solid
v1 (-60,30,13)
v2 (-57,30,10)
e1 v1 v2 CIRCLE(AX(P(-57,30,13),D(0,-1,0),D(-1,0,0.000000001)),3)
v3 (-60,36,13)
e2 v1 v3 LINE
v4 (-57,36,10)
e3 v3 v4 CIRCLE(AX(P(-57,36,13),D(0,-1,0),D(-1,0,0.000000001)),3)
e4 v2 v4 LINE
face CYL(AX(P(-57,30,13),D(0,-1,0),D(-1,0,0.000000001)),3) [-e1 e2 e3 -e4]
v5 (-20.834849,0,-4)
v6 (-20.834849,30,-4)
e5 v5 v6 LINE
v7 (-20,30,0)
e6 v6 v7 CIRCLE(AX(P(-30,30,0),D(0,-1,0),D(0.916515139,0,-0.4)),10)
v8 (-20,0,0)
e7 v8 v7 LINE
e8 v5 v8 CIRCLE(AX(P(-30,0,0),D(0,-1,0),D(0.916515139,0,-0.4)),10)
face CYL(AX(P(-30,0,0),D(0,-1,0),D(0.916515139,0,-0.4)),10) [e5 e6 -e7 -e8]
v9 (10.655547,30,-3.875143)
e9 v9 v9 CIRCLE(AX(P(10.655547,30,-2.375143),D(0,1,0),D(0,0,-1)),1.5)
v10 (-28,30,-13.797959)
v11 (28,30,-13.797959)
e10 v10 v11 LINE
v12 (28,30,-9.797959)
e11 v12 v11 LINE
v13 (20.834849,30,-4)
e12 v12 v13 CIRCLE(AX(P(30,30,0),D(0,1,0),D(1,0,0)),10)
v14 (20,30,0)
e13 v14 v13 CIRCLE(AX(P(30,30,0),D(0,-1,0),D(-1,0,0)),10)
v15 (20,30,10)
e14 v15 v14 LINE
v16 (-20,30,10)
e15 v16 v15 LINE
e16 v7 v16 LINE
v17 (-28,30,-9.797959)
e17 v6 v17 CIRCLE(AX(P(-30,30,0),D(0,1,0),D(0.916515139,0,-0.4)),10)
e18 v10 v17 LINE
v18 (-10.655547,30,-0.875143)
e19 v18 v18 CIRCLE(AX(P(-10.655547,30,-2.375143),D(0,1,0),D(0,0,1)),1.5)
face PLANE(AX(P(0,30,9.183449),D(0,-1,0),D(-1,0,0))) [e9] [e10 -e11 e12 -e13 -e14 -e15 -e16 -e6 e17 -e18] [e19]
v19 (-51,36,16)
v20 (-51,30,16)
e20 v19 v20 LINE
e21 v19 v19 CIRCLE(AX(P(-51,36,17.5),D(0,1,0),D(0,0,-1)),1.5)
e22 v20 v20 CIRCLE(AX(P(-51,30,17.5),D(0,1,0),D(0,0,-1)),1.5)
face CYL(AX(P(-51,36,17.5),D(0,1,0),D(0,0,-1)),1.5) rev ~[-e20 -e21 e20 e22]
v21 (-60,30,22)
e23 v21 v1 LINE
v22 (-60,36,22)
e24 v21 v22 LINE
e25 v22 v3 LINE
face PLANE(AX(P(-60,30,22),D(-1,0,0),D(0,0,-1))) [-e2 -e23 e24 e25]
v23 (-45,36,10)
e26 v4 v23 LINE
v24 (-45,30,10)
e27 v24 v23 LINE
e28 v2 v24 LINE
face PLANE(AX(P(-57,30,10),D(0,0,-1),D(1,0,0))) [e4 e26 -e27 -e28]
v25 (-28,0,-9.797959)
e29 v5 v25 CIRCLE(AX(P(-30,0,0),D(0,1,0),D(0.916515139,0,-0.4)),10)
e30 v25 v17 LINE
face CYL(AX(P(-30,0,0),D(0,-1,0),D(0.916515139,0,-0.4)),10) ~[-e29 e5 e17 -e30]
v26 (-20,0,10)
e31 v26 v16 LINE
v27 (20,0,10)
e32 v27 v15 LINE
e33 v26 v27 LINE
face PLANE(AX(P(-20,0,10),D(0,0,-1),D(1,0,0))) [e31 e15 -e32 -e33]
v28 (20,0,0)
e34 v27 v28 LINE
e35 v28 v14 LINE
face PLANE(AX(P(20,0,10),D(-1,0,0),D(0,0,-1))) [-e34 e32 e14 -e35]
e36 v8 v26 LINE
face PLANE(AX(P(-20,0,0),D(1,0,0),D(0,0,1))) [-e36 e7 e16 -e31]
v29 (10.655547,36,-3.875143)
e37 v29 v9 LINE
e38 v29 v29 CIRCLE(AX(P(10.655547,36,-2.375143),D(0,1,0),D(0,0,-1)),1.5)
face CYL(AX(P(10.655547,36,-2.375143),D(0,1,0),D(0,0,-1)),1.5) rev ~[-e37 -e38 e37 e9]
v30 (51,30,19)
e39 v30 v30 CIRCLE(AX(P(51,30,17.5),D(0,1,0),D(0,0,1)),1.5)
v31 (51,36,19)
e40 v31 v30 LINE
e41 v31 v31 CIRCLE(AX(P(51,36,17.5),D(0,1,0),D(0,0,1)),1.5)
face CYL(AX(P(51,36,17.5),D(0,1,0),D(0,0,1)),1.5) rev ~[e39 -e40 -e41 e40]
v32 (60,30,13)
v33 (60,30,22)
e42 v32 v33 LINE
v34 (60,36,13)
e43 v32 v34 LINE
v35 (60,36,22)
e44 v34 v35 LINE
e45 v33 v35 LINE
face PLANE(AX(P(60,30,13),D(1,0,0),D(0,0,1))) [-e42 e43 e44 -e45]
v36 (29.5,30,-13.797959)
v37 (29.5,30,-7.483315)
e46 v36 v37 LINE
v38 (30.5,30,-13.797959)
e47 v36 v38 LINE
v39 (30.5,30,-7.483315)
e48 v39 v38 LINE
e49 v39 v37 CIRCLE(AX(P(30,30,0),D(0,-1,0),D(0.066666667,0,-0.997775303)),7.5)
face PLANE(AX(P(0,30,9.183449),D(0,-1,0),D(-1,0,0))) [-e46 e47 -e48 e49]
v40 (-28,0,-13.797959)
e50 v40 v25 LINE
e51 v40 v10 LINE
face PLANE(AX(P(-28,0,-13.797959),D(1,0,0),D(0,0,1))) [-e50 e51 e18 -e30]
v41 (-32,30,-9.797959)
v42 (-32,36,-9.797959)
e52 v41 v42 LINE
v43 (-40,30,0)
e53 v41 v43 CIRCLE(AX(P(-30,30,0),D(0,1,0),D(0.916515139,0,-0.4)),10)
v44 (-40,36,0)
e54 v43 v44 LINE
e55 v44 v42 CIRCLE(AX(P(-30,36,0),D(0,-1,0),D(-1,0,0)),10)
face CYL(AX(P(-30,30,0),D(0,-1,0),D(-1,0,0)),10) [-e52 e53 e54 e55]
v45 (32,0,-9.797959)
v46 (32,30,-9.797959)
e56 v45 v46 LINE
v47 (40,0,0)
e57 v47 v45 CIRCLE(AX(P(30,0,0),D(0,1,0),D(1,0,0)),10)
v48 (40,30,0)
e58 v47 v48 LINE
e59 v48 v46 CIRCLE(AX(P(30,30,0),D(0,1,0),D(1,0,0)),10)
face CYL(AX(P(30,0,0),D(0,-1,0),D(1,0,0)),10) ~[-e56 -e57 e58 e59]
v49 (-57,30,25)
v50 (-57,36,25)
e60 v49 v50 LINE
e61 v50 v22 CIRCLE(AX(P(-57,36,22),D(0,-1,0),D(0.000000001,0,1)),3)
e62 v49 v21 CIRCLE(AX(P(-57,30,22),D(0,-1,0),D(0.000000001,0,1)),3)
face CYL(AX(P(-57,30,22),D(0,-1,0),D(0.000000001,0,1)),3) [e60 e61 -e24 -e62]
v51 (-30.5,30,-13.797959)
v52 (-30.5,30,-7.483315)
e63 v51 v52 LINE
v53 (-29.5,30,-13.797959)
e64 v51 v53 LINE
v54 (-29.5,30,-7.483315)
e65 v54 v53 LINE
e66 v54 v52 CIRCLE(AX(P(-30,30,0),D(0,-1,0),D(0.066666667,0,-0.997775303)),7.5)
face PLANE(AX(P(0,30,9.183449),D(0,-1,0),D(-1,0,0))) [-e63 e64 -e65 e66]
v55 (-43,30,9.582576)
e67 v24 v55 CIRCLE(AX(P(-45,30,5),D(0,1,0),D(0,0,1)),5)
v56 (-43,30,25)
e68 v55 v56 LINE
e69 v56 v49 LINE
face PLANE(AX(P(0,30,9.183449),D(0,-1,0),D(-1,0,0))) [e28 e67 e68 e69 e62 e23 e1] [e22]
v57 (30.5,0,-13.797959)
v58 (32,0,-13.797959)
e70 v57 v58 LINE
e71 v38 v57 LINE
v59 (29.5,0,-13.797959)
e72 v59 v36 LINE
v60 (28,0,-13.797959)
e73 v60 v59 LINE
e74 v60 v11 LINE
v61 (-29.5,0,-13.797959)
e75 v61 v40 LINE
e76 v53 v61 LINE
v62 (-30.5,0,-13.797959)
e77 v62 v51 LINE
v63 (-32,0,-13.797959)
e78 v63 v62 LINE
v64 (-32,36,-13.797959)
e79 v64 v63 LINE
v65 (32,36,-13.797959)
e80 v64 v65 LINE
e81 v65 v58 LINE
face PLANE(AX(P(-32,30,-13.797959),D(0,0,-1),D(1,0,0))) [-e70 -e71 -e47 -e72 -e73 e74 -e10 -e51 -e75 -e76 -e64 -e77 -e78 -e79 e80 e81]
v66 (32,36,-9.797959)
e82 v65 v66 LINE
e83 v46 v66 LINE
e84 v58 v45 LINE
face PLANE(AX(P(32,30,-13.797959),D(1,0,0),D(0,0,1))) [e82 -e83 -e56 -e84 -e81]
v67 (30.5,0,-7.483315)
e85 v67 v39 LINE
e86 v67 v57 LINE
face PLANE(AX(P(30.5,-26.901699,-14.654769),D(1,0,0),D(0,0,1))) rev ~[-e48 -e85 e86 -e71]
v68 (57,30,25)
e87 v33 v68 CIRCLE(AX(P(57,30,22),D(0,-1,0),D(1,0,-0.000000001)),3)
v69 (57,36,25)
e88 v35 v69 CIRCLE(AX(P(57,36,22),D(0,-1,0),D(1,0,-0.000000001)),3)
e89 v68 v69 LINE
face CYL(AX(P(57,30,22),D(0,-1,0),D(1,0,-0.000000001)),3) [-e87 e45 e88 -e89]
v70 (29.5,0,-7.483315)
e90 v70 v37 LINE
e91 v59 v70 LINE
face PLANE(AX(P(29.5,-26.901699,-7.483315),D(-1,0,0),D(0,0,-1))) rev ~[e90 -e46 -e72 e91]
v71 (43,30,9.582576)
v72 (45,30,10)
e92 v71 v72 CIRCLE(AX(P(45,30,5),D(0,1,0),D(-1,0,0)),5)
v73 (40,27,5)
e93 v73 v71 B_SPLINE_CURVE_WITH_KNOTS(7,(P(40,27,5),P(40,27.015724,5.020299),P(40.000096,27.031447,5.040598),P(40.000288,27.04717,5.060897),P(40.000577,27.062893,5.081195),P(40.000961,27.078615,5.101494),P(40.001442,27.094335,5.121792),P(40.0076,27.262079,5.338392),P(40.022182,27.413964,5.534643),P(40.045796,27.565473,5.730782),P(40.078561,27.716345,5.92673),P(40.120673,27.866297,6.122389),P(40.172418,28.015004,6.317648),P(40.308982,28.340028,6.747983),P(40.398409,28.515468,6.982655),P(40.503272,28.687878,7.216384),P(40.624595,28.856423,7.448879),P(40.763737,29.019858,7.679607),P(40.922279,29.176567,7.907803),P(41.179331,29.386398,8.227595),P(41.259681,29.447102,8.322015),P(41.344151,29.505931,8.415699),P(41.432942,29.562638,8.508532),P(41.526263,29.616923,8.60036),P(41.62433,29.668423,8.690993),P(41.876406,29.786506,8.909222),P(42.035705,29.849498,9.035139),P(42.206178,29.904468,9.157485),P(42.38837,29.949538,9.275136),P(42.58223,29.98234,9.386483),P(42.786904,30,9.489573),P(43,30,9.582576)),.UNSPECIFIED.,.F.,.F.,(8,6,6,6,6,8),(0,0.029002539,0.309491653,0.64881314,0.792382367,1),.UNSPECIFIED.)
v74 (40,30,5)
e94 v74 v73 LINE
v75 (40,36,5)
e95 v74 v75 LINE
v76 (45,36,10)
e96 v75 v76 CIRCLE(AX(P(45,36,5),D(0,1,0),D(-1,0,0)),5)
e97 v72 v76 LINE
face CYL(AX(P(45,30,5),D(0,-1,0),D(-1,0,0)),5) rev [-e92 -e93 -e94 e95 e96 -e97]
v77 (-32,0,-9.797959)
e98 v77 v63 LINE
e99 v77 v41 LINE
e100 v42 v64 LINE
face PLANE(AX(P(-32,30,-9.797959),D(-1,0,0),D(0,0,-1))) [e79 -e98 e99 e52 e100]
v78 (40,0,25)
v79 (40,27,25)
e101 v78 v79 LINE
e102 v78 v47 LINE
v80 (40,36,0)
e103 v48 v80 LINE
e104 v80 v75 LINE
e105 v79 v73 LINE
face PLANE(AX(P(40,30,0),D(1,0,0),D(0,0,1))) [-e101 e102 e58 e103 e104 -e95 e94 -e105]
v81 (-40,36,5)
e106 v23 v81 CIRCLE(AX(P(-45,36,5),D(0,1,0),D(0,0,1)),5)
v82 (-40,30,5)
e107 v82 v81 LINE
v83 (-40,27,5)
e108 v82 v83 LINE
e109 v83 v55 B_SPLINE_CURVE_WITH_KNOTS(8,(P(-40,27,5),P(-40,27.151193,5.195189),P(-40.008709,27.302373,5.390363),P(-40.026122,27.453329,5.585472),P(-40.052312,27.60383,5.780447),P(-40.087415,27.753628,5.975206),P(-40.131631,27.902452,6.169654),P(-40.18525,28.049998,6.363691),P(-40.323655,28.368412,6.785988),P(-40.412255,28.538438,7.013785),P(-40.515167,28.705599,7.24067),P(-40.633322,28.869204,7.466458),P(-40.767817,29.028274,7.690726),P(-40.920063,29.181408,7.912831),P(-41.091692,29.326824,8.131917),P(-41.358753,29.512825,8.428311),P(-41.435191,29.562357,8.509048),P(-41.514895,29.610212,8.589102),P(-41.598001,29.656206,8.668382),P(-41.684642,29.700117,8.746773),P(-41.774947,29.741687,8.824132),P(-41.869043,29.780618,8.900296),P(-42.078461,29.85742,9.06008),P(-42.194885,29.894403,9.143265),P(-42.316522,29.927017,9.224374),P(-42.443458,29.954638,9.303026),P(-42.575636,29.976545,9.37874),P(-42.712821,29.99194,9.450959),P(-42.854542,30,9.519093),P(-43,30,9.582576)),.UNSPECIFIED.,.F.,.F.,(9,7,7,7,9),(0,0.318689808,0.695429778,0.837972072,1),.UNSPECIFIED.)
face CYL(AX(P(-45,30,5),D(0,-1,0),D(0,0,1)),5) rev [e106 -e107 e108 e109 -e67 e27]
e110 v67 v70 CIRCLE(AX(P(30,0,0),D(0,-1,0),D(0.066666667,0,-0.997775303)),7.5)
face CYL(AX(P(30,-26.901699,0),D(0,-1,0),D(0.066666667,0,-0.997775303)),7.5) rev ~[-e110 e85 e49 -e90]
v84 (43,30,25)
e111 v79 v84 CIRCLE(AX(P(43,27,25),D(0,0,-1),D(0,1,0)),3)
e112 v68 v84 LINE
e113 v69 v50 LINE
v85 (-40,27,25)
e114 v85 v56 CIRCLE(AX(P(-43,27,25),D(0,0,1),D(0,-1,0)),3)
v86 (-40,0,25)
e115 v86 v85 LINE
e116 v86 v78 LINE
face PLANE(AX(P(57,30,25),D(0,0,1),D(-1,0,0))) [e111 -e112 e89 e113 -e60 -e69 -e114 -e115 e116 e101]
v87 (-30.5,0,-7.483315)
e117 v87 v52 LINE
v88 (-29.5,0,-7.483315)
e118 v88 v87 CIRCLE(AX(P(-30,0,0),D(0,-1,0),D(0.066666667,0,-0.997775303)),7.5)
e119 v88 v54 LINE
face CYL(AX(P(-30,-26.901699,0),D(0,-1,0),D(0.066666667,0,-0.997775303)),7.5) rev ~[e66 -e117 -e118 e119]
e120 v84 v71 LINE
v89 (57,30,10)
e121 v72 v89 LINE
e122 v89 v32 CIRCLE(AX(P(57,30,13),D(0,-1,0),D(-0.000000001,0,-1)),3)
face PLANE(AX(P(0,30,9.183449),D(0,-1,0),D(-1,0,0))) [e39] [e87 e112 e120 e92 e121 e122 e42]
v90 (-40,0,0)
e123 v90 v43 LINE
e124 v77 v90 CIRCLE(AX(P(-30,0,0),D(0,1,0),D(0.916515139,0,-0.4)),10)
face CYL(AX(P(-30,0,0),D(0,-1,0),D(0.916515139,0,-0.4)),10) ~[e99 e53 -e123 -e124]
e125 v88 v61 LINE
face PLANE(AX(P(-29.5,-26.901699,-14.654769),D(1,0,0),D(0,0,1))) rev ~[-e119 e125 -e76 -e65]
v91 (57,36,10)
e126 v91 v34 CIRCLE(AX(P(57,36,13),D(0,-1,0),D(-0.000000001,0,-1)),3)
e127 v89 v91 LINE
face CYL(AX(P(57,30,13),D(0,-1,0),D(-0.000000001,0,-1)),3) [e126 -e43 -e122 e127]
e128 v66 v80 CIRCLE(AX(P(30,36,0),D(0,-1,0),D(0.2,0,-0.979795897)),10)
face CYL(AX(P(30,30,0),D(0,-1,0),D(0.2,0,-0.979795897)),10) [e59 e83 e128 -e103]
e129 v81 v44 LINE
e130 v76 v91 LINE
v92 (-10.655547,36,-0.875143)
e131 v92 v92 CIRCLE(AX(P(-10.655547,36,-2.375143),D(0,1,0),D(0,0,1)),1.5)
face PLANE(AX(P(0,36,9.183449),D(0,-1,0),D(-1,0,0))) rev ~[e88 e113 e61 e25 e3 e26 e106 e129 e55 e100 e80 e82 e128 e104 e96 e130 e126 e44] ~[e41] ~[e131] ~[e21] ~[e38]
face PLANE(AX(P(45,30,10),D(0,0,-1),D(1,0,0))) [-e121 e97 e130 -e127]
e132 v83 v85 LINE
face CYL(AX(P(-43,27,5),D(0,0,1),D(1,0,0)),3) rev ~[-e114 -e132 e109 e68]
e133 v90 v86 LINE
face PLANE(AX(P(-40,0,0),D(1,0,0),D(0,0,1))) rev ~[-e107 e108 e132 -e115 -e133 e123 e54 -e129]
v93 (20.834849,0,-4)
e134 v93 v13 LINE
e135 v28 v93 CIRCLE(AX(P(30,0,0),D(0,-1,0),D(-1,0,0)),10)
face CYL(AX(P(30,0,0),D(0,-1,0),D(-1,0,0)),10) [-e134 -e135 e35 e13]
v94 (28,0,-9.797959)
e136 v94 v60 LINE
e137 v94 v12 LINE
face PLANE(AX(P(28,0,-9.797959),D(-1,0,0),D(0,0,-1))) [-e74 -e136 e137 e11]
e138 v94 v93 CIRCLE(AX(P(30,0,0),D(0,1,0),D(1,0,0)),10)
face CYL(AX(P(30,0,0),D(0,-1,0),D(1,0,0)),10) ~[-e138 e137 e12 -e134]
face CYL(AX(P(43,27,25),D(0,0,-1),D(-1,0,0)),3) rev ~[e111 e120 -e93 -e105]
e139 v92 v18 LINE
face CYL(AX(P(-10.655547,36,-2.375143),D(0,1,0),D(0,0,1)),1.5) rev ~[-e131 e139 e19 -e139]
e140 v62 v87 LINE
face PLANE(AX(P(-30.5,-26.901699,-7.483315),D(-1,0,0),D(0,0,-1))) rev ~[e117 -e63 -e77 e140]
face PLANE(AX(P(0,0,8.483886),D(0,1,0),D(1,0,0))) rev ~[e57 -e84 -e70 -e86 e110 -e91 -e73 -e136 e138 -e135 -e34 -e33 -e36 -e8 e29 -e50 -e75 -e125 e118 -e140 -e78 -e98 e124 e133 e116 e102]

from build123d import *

# Parameters (mm, degrees)
SALIENTE_EXTRUIR1_DEPTH    = 30
SALIENTE_EXTRUIR2_START    = -30
SALIENTE_EXTRUIR2_DEPTH    = 30
CORTAR_EXTRUIR2_DEPTH      = 56.901699437
CORTAR_EXTRUIR2_DEPTH_BACK = 56.901699437
CORTAR_EXTRUIR3_START      = -30
CORTAR_EXTRUIR3_DEPTH      = 30
SALIENTE_EXTRUIR3_DEPTH    = 6
CROQUIS13_R                = 1.5
CORTAR_EXTRUIR6_DEPTH      = 75.303431953
REDONDEO3_R                = 3
REDONDEO4_R                = 3


with BuildPart() as part:
    # Croquis1 → Saliente-Extruir1 (new body)
    with BuildSketch(Plane(origin=(0, 0, 0), x_dir=(1, 0, 0), z_dir=(0, 1, 0))):
        with BuildLine():
            Line((40, -25), (40, 0))
            ThreePointArc((40, 0), (32.043096437, 9.789063129), (20.83484861, 4))
            Line((20.83484861, 4), (11.313708499, 4))
            ThreePointArc((11.313708499, 4), (0, 12), (-11.313708499, 4))
            Line((-11.313708499, 4), (-20.83484861, 4))
            ThreePointArc((-20.83484861, 4), (-32.043096437, 9.789063129), (-40, 0))
            Line((-40, 0), (-40, -25))
            Line((-40, -25), (40, -25))
        make_face()
    extrude(amount=SALIENTE_EXTRUIR1_DEPTH)

    # Croquis3 → Saliente-Extruir2 (add)
    with BuildSketch(Plane(origin=(0, 30, 0), x_dir=(1, 0, 0), z_dir=(0, 1, 0)).offset(SALIENTE_EXTRUIR2_START)):
        with BuildLine():
            Line((-32, 9.797958971), (-32, 13.797958971))
            Line((-32, 13.797958971), (-28, 13.797958971))
            Line((-28, 13.797958971), (-28, 9.797958971))
            ThreePointArc((-28, 9.797958971), (-30, 10), (-32, 9.797958971))
        make_face()
        with BuildLine():
            Line((28, 9.797958971), (28, 13.797958971))
            Line((28, 13.797958971), (32, 13.797958971))
            Line((32, 13.797958971), (32, 9.797958971))
            ThreePointArc((32, 9.797958971), (30, 10), (28, 9.797958971))
        make_face()
    extrude(amount=SALIENTE_EXTRUIR2_DEPTH)

    # Croquis4 → Cortar-Extruir2 (cut, two sides: drawn at the far end of the back side and taken through both)
    with BuildSketch(Plane(origin=(0, 30, 0), x_dir=(1, 0, 0), z_dir=(0, 1, 0)).offset(-CORTAR_EXTRUIR2_DEPTH_BACK)):
        with BuildLine():
            Line((-30.5, 7.483314774), (-30.5, 14.654769407))
            Line((-30.5, 14.654769407), (-29.5, 14.654769407))
            Line((-29.5, 14.654769407), (-29.5, 7.483314774))
            ThreePointArc((-29.5, 7.483314774), (-30, -7.5), (-30.5, 7.483314774))
        make_face()
        with BuildLine():
            Line((29.5, 7.483314774), (29.5, 14.654769407))
            Line((29.5, 14.654769407), (30.5, 14.654769407))
            Line((30.5, 14.654769407), (30.5, 7.483314774))
            ThreePointArc((30.5, 7.483314774), (30, -7.5), (29.5, 7.483314774))
        make_face()
    extrude(amount=CORTAR_EXTRUIR2_DEPTH + CORTAR_EXTRUIR2_DEPTH_BACK, mode=Mode.SUBTRACT)

    # Croquis5 → Cortar-Extruir3 (cut)
    with BuildSketch(Plane(origin=(0, 30, 0), x_dir=(1, 0, 0), z_dir=(0, 1, 0)).offset(CORTAR_EXTRUIR3_START)):
        with BuildLine():
            Line((-20, 0), (-20, -10))
            Line((-20, -10), (20, -10))
            Line((20, -10), (20, 0))
            ThreePointArc((20, 0), (20.210936871, 2.043096437), (20.83484861, 4))
            Line((20.83484861, 4), (20.83484861, 13.99599321))
            Line((20.83484861, 13.99599321), (-20.83484861, 13.99599321))
            Line((-20.83484861, 13.99599321), (-20.83484861, 4))
            ThreePointArc((-20.83484861, 4), (-20.210936871, 2.043096437), (-20, 0))
        make_face()
    extrude(amount=CORTAR_EXTRUIR3_DEPTH, mode=Mode.SUBTRACT)

    # Croquis12 → Saliente-Extruir3 (add)
    with BuildSketch(Plane(origin=(0, 30, 0), x_dir=(1, 0, 0), z_dir=(0, 1, 0))):
        with BuildLine():
            Line((40, -25), (-40, -25))
            Line((-40, -25), (-57, -25))
            ThreePointArc((-57, -25), (-59.121320344, -24.121320344), (-60, -22))
            Line((-60, -22), (-60, -13))
            ThreePointArc((-60, -13), (-59.121320344, -10.878679656), (-57, -10))
            Line((-57, -10), (-45, -10))
            ThreePointArc((-45, -10), (-41.464466094, -8.535533906), (-40, -5))
            Line((-40, -5), (-40, 0))
            ThreePointArc((-40, 0), (-37.745966692, 6.32455532), (-32, 9.797958971))
            Line((-32, 9.797958971), (-32, 13.797958971))
            Line((-32, 13.797958971), (32, 13.797958971))
            Line((32, 13.797958971), (32, 9.797958971))
            ThreePointArc((32, 9.797958971), (37.745966692, 6.32455532), (40, 0))
            Line((40, 0), (40, -5))
            ThreePointArc((40, -5), (41.464466094, -8.535533906), (45, -10))
            Line((45, -10), (57, -10))
            ThreePointArc((57, -10), (59.121320344, -10.878679656), (60, -13))
            Line((60, -13), (60, -22))
            ThreePointArc((60, -22), (59.121320344, -24.121320344), (57, -25))
            Line((57, -25), (40, -25))
        make_face()
    extrude(amount=SALIENTE_EXTRUIR3_DEPTH)

    # Croquis13 → Cortar-Extruir6 (cut, through all)
    with BuildSketch(Plane(origin=(0, 36, 0), x_dir=(1, 0, 0), z_dir=(0, 1, 0))):
        with Locations(Location((51, -17.5, 0), (0, 0, 270))):
            Circle(CROQUIS13_R)
        with Locations(Location((-51, -17.5, 0), (0, 0, 90))):
            Circle(CROQUIS13_R)
        with Locations(Location((-10.655547213, 2.375143361, 0), (0, 0, 270))):
            Circle(CROQUIS13_R)
        with Locations(Location((10.655547213, 2.375143361, 0), (0, 0, 90))):
            Circle(CROQUIS13_R)
    extrude(amount=-CORTAR_EXTRUIR6_DEPTH, mode=Mode.SUBTRACT)

    # Redondeo3
    redondeo3_edges = [part.edges().sort_by_distance(p)[0] for p in [
        (40, 30, 15),
    ]]
    fillet(redondeo3_edges, radius=REDONDEO3_R)

    # Redondeo4
    redondeo4_edges = [part.edges().sort_by_distance(p)[0] for p in [
        (-40, 30, 15),
    ]]
    fillet(redondeo4_edges, radius=REDONDEO4_R)


solid = part.part
